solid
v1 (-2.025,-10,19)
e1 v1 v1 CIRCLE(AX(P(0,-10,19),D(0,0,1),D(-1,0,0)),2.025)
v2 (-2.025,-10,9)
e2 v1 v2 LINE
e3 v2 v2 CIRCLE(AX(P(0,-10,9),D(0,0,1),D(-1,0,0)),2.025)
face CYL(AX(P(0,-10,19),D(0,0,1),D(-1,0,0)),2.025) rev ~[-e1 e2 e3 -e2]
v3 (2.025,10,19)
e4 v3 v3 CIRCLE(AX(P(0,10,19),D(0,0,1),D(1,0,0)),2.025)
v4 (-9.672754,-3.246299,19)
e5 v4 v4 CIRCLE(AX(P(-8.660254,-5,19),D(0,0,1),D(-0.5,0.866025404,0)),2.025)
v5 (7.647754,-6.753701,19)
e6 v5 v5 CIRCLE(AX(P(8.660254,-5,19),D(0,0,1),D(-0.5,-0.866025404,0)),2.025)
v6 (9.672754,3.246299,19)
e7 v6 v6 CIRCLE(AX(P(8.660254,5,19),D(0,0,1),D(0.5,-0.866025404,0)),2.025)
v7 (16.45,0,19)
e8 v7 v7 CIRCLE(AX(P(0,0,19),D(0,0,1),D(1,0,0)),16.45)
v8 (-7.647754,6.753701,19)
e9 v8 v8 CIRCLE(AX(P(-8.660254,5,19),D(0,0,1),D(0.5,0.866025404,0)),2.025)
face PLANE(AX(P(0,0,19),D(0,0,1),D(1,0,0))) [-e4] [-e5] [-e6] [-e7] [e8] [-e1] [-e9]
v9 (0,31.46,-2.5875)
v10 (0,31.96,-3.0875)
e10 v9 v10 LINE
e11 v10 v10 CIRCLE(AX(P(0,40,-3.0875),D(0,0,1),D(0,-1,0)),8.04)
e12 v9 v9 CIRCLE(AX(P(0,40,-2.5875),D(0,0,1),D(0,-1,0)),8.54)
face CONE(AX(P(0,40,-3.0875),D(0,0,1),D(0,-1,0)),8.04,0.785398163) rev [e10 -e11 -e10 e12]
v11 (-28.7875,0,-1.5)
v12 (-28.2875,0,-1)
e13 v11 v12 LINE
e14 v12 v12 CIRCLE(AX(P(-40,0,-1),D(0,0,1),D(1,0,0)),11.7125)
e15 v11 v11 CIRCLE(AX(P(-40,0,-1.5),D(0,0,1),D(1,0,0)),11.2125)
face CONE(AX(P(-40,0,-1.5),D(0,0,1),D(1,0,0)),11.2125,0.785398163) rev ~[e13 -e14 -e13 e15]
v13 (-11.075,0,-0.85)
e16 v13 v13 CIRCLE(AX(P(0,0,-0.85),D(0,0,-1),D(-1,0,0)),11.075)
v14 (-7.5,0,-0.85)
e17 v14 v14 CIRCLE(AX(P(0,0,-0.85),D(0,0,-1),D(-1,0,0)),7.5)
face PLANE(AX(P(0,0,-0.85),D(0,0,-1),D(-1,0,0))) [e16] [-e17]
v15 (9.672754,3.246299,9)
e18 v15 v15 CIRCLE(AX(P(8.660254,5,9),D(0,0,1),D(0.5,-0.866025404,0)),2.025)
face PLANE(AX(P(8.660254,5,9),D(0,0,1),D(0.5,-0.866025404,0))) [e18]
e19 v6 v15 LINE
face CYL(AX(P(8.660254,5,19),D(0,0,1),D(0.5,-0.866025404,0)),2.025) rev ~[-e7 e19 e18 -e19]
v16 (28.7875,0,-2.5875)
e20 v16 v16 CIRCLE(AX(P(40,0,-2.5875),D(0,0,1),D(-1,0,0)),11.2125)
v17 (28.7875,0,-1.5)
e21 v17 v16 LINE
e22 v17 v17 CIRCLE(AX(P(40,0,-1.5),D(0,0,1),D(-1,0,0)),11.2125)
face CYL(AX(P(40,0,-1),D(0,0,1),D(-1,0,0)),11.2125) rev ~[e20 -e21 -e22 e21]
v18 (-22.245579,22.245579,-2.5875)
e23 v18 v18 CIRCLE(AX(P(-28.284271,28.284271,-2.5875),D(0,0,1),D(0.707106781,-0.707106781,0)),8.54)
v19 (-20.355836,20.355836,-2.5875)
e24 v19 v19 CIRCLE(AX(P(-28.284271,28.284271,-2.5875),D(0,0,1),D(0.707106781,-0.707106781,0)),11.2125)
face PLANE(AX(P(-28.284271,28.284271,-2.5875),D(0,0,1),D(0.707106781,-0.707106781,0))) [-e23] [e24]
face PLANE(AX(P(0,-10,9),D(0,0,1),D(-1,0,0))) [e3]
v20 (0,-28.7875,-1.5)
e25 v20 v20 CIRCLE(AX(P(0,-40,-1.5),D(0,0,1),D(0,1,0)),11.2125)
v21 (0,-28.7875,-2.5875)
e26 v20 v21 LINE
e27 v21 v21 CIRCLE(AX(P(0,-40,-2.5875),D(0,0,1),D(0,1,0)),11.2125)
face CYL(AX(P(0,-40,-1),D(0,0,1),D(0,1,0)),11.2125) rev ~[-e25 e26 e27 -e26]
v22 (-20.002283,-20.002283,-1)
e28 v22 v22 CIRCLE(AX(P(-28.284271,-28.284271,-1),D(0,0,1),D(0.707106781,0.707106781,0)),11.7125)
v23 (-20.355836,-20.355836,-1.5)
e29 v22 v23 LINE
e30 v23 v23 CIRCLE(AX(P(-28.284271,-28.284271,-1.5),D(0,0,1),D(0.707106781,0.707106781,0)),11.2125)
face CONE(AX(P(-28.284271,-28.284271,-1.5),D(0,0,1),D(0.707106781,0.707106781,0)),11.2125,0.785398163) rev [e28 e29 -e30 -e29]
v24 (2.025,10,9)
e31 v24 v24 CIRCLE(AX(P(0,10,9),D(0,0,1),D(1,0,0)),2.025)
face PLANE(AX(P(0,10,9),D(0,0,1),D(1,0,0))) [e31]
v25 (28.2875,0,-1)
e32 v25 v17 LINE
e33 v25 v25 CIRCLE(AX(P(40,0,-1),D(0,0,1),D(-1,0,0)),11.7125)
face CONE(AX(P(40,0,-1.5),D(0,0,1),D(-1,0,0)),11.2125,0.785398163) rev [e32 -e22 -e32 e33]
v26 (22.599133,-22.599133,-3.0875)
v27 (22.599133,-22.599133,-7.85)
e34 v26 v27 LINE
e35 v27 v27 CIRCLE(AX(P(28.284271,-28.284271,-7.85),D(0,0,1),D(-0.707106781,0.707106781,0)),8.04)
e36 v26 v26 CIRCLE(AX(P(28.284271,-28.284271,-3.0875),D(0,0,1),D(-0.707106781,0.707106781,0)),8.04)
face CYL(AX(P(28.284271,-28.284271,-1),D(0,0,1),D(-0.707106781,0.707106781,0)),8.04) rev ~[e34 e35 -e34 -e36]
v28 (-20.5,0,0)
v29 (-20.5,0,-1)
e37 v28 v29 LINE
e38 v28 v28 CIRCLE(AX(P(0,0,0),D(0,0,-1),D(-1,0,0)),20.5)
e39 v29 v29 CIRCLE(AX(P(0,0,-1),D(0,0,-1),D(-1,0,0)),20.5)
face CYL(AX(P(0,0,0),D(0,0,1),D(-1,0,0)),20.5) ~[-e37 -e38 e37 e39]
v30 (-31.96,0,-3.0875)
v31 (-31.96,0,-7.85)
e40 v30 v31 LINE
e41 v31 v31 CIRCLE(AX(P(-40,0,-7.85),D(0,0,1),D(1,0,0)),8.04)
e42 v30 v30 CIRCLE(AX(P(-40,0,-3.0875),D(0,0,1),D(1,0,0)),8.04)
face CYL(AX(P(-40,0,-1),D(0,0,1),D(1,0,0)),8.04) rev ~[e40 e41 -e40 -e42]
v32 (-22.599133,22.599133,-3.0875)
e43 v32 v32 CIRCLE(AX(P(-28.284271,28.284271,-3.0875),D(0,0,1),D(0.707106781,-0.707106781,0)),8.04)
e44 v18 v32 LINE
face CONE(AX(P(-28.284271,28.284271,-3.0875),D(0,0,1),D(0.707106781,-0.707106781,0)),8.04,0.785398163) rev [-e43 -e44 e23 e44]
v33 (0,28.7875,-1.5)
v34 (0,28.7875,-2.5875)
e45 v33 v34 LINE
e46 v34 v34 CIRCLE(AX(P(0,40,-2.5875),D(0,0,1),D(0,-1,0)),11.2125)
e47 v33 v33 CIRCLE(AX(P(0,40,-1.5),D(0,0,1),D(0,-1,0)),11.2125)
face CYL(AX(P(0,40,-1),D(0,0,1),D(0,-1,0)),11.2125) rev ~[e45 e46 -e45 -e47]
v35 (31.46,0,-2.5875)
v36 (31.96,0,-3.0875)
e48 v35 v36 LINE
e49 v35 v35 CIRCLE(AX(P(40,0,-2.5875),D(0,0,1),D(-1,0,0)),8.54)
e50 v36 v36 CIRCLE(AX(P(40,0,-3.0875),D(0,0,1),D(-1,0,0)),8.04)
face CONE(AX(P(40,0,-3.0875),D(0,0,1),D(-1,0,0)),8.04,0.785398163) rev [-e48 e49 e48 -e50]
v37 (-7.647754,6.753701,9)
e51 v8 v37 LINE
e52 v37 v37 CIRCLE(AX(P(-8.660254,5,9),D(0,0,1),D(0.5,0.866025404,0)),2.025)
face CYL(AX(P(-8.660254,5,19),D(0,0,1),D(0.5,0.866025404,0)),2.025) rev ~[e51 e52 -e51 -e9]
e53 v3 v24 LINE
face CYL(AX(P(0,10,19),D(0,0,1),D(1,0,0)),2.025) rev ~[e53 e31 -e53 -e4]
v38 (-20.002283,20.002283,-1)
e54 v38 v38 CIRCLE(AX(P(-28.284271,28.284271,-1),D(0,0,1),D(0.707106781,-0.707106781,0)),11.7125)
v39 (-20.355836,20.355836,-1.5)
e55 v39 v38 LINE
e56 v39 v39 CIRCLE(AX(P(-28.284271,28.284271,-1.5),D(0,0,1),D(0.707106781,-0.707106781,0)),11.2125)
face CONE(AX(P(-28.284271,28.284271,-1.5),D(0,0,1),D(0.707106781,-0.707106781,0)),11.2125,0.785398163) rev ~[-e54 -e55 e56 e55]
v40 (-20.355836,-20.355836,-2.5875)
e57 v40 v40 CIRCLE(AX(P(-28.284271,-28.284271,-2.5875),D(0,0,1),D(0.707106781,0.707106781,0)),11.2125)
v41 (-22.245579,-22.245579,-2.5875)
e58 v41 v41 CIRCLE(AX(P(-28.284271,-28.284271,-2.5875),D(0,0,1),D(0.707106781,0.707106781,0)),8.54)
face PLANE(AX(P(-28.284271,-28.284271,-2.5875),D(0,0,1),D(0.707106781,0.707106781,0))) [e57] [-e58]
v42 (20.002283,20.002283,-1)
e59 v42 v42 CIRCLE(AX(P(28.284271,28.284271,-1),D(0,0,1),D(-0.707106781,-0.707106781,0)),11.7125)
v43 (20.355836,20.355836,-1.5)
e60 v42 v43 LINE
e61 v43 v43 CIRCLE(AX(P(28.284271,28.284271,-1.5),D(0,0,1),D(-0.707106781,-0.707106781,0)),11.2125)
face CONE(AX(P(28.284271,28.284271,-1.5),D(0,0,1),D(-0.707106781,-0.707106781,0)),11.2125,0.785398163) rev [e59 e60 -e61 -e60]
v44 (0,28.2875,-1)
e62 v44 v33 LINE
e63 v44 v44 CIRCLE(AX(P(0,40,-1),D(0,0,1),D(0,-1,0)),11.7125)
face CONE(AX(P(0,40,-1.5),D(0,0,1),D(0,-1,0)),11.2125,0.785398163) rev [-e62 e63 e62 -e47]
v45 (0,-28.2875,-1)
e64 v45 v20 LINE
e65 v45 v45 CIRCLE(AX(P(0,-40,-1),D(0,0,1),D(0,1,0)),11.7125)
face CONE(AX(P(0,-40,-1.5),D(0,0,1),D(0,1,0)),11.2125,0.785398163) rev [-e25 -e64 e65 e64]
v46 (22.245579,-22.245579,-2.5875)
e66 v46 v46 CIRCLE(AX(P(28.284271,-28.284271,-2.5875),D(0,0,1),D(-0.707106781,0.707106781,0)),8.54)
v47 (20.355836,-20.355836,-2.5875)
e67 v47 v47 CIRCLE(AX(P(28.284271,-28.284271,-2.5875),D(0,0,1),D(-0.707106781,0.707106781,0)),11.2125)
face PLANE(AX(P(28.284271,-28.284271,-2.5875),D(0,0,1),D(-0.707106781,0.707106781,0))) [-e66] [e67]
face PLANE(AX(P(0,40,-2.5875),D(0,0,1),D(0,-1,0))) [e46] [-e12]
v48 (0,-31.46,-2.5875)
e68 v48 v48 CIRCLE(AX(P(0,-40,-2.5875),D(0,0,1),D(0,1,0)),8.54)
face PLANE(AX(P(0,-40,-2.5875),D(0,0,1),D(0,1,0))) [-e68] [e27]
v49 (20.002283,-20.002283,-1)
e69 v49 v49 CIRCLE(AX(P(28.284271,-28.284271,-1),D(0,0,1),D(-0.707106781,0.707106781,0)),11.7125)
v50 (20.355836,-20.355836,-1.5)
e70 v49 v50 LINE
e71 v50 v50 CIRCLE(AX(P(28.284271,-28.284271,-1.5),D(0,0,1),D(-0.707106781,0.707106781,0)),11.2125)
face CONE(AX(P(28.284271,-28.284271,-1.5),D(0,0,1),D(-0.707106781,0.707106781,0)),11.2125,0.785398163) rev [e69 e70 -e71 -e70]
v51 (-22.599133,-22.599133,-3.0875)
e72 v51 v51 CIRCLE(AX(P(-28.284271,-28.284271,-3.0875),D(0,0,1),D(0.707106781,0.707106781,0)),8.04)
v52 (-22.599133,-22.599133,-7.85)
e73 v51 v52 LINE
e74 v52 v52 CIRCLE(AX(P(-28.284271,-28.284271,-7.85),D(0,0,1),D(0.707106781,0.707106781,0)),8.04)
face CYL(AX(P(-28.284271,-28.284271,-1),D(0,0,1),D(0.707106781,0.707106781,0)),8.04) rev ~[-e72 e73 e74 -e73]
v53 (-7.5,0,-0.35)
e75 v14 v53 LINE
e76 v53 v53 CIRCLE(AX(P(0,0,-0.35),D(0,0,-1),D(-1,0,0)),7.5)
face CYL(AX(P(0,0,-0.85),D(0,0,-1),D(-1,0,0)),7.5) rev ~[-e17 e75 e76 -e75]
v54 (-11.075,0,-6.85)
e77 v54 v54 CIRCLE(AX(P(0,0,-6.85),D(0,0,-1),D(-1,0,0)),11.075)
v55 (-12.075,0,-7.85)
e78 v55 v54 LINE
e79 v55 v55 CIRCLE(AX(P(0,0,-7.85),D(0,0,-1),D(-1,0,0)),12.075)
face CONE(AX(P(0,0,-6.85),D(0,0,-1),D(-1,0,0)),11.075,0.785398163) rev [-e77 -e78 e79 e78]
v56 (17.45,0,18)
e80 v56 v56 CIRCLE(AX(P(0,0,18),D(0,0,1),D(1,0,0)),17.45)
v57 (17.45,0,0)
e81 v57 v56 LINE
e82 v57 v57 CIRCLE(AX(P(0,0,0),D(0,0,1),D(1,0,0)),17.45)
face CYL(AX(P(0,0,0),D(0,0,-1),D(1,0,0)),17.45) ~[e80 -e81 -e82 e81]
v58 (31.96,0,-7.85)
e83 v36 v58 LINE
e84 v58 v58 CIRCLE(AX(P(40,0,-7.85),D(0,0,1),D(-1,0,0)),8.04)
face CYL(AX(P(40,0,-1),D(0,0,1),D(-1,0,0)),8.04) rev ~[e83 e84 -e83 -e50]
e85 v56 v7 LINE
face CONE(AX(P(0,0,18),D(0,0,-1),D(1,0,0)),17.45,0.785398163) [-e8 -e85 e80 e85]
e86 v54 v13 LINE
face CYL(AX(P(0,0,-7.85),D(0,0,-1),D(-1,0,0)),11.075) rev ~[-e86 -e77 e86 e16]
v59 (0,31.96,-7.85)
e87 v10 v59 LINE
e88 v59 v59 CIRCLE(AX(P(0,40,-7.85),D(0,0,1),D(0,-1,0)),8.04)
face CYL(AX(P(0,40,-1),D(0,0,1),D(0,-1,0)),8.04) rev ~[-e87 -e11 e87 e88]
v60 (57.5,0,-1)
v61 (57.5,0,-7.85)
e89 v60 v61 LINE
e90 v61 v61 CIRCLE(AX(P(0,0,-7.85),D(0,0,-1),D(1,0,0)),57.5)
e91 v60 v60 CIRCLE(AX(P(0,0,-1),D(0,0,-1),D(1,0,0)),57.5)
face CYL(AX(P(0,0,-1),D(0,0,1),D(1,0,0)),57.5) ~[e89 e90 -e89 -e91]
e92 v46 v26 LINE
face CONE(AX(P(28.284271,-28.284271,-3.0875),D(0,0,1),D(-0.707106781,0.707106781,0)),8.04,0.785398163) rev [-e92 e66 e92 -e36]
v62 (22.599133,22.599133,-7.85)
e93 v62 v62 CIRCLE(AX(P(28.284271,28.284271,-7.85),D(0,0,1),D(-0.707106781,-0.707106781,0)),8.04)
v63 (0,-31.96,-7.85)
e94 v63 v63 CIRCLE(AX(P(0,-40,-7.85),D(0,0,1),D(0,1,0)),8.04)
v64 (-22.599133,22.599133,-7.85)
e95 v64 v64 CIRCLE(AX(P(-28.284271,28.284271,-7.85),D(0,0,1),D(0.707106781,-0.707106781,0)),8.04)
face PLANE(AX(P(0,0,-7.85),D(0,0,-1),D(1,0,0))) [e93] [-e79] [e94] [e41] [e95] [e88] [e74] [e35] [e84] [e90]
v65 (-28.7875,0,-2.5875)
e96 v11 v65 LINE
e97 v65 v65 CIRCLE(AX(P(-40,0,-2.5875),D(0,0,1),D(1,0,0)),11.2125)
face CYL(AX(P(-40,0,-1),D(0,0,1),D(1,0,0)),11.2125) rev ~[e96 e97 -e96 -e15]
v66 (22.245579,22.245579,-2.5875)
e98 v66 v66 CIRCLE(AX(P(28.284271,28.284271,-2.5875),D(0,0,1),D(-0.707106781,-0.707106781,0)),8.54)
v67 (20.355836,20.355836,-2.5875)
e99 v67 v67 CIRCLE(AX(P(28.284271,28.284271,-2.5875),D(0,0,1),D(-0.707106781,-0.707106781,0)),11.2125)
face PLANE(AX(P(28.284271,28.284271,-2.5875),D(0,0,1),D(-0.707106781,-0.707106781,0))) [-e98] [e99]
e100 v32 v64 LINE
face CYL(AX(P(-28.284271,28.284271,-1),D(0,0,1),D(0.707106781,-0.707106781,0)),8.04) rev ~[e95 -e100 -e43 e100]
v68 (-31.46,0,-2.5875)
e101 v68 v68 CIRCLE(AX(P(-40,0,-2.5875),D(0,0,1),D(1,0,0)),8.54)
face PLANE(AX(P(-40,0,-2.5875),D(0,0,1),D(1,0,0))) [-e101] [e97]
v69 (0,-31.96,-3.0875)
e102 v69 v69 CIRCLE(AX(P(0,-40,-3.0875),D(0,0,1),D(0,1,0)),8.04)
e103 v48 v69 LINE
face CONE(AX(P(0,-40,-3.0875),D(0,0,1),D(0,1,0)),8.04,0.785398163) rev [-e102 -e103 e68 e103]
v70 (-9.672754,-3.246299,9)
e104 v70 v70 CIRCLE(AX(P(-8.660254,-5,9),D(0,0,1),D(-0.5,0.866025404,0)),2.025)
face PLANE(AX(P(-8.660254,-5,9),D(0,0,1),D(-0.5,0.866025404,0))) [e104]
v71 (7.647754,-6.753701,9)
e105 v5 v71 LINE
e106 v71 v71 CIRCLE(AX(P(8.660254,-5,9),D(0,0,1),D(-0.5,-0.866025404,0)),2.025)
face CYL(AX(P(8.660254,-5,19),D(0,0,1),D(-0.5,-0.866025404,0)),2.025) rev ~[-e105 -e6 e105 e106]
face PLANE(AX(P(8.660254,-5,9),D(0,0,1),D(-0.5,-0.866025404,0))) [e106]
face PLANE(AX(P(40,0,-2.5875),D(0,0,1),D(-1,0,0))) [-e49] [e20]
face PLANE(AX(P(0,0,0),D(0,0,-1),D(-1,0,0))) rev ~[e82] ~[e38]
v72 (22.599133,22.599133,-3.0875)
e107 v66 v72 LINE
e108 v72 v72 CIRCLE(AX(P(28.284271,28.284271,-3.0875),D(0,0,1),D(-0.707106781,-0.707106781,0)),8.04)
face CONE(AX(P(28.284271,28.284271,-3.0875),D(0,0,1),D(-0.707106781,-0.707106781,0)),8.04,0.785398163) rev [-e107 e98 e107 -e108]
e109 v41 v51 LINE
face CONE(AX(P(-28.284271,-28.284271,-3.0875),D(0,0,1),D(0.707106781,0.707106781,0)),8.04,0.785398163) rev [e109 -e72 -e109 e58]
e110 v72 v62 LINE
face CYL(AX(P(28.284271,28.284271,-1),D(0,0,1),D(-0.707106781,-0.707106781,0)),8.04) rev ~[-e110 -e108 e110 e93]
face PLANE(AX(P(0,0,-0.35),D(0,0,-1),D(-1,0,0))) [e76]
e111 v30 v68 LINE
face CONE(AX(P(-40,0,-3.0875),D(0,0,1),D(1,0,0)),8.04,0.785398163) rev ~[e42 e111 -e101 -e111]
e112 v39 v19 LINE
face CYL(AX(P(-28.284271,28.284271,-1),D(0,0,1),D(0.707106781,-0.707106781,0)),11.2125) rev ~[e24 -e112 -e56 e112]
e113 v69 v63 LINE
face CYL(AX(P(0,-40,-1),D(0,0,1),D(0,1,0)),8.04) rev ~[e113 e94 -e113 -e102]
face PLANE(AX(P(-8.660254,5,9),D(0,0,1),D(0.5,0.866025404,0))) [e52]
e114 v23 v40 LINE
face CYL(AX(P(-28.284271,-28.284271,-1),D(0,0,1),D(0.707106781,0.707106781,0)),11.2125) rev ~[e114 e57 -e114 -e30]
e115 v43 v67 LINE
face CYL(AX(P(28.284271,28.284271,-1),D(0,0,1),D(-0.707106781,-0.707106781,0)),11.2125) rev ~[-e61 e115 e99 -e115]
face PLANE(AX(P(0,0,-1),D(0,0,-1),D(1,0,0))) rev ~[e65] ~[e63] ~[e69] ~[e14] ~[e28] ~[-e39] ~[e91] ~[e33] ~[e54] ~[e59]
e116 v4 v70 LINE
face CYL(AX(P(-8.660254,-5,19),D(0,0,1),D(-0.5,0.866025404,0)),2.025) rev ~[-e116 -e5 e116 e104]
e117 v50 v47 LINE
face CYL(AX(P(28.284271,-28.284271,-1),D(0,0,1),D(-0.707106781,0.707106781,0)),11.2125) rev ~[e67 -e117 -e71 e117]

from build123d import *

# Parameters (mm, degrees)
SKETCH1_R                    = 17.45
BOSS_EXTRUDE1_DEPTH          = 19
SKETCH7_R                    = 20.5
BOSS_EXTRUDE3_DEPTH          = 1
SKETCH3_R                    = 57.5
BOSS_EXTRUDE2_DEPTH          = 6.85
SKETCH4_R                    = 11.075
CUT_EXTRUDE1_DEPTH           = 7
SKETCH5_R                    = 7.5
CUT_EXTRUDE2_DEPTH           = 0.5
SKETCH6_R                    = 2.025
CUT_EXTRUDE3_DEPTH           = 10
CIRPATTERN1_COUNT            = 6
CHAMFER1_SIZE                = 1
SKETCH8_R                    = 8.04
CUT_EXTRUDE4_DEPTH           = 84.740671122
SKETCH9_R                    = 11.2125
CUT_EXTRUDE5_DEPTH           = 1.5875
CHAMFER2_SIZE                = 0.5
CHAMFER3_SIZE                = 0.5
CIRPATTERN2_COUNT            = 8
CHAMFER2_OF_CIRPATTERN2_SIZE = 0.5
CHAMFER3_OF_CIRPATTERN2_SIZE = 0.5


with BuildPart() as part:
    # Sketch1 → Boss-Extrude1 (new body)
    with BuildSketch(Plane.XY):
        Circle(SKETCH1_R)
    extrude(amount=BOSS_EXTRUDE1_DEPTH)

    # Sketch7 → Boss-Extrude3 (add)
    with BuildSketch(Plane(origin=(0, 0, 0), x_dir=(-1, 0, 0), z_dir=(0, 0, -1))):
        Circle(SKETCH7_R)
    extrude(amount=BOSS_EXTRUDE3_DEPTH)

    # Sketch3 → Boss-Extrude2 (add)
    with BuildSketch(Plane(origin=(0, 0, -1), x_dir=(-1, 0, 0), z_dir=(0, 0, -1))):
        Circle(SKETCH3_R)
    extrude(amount=BOSS_EXTRUDE2_DEPTH)

    # Sketch4 → Cut-Extrude1 (cut)
    with BuildSketch(Plane(origin=(0, 0, -7.85), x_dir=(-1, 0, 0), z_dir=(0, 0, -1))):
        Circle(SKETCH4_R)
    extrude(amount=-CUT_EXTRUDE1_DEPTH, mode=Mode.SUBTRACT)

    # Sketch5 → Cut-Extrude2 (cut)
    with BuildSketch(Plane(origin=(0, 0, -0.85), x_dir=(-1, 0, 0), z_dir=(0, 0, -1))):
        Circle(SKETCH5_R)
    extrude(amount=-CUT_EXTRUDE2_DEPTH, mode=Mode.SUBTRACT)

    # Sketch6 → Cut-Extrude3 (cut)
    with BuildSketch(Plane.XY.offset(19)):
        with Locations((0, 10)):
            Circle(SKETCH6_R)
    cut_extrude3 = extrude(amount=-CUT_EXTRUDE3_DEPTH, mode=Mode.SUBTRACT)

    # CirPattern1: Cut-Extrude3 ×6 about axis
    cirpattern1_axis = Axis((0, 0, 19), (0, 0, 1))
    for i in range(1, CIRPATTERN1_COUNT):
        add(cut_extrude3.rotate(cirpattern1_axis, i * 360 / CIRPATTERN1_COUNT), mode=Mode.SUBTRACT)

    # Chamfer1
    chamfer1_edges = [part.edges().sort_by_distance(p)[0] for p in [
        (11.075, 0, -7.85),
        (-17.45, 0, 19),
    ]]
    chamfer(chamfer1_edges, length=CHAMFER1_SIZE)

    # Sketch8 → Cut-Extrude4 (cut, through all)
    with BuildSketch(Plane.XY.offset(-1)):
        with Locations((-40, 0)):
            Circle(SKETCH8_R)
    cut_extrude4 = extrude(amount=-CUT_EXTRUDE4_DEPTH, mode=Mode.SUBTRACT)

    # Sketch9 → Cut-Extrude5 (cut)
    with BuildSketch(Plane.XY.offset(-1)):
        with Locations((-40, 0)):
            Circle(SKETCH9_R)
    cut_extrude5 = extrude(amount=-CUT_EXTRUDE5_DEPTH, mode=Mode.SUBTRACT)

    # Chamfer2
    chamfer2_edges = [part.edges().sort_by_distance(p)[0] for p in [
        (-48.04, 0, -2.5875),
    ]]
    chamfer(chamfer2_edges, length=CHAMFER2_SIZE)

    # Chamfer3
    chamfer3_edges = [part.edges().sort_by_distance(p)[0] for p in [
        (-51.2125, 0, -1),
    ]]
    chamfer(chamfer3_edges, length=CHAMFER3_SIZE)

    # CirPattern2: Cut-Extrude4, Cut-Extrude5 ×8 about axis
    cirpattern2_axis = Axis((0, 0, -1), (0, 0, -1))
    add([cut_extrude4.rotate(cirpattern2_axis, i * 360 / CIRPATTERN2_COUNT) for i in range(1, CIRPATTERN2_COUNT)], mode=Mode.SUBTRACT)
    add([cut_extrude5.rotate(cirpattern2_axis, i * 360 / CIRPATTERN2_COUNT) for i in range(1, CIRPATTERN2_COUNT)], mode=Mode.SUBTRACT)

    # Chamfer2 of CirPattern2
    chamfer2_of_cirpattern2_edges = [part.edges().sort_by_distance(p)[0] for p in [
        (-33.969409768, 33.969409768, -2.5875),
        (0, 48.04, -2.5875),
        (33.969409768, 33.969409768, -2.5875),
        (48.04, 0, -2.5875),
        (33.969409768, -33.969409768, -2.5875),
        (0, -48.04, -2.5875),
        (-33.969409768, -33.969409768, -2.5875),
    ]]
    chamfer(chamfer2_of_cirpattern2_edges, length=CHAMFER2_OF_CIRPATTERN2_SIZE)

    # Chamfer3 of CirPattern2
    chamfer3_of_cirpattern2_edges = [part.edges().sort_by_distance(p)[0] for p in [
        (-36.212706032, 36.212706032, -1),
        (0, 51.2125, -1),
        (36.212706032, 36.212706032, -1),
        (51.2125, 0, -1),
        (36.212706032, -36.212706032, -1),
        (0, -51.2125, -1),
        (-36.212706032, -36.212706032, -1),
    ]]
    chamfer(chamfer3_of_cirpattern2_edges, length=CHAMFER3_OF_CIRPATTERN2_SIZE)


solid = part.part
